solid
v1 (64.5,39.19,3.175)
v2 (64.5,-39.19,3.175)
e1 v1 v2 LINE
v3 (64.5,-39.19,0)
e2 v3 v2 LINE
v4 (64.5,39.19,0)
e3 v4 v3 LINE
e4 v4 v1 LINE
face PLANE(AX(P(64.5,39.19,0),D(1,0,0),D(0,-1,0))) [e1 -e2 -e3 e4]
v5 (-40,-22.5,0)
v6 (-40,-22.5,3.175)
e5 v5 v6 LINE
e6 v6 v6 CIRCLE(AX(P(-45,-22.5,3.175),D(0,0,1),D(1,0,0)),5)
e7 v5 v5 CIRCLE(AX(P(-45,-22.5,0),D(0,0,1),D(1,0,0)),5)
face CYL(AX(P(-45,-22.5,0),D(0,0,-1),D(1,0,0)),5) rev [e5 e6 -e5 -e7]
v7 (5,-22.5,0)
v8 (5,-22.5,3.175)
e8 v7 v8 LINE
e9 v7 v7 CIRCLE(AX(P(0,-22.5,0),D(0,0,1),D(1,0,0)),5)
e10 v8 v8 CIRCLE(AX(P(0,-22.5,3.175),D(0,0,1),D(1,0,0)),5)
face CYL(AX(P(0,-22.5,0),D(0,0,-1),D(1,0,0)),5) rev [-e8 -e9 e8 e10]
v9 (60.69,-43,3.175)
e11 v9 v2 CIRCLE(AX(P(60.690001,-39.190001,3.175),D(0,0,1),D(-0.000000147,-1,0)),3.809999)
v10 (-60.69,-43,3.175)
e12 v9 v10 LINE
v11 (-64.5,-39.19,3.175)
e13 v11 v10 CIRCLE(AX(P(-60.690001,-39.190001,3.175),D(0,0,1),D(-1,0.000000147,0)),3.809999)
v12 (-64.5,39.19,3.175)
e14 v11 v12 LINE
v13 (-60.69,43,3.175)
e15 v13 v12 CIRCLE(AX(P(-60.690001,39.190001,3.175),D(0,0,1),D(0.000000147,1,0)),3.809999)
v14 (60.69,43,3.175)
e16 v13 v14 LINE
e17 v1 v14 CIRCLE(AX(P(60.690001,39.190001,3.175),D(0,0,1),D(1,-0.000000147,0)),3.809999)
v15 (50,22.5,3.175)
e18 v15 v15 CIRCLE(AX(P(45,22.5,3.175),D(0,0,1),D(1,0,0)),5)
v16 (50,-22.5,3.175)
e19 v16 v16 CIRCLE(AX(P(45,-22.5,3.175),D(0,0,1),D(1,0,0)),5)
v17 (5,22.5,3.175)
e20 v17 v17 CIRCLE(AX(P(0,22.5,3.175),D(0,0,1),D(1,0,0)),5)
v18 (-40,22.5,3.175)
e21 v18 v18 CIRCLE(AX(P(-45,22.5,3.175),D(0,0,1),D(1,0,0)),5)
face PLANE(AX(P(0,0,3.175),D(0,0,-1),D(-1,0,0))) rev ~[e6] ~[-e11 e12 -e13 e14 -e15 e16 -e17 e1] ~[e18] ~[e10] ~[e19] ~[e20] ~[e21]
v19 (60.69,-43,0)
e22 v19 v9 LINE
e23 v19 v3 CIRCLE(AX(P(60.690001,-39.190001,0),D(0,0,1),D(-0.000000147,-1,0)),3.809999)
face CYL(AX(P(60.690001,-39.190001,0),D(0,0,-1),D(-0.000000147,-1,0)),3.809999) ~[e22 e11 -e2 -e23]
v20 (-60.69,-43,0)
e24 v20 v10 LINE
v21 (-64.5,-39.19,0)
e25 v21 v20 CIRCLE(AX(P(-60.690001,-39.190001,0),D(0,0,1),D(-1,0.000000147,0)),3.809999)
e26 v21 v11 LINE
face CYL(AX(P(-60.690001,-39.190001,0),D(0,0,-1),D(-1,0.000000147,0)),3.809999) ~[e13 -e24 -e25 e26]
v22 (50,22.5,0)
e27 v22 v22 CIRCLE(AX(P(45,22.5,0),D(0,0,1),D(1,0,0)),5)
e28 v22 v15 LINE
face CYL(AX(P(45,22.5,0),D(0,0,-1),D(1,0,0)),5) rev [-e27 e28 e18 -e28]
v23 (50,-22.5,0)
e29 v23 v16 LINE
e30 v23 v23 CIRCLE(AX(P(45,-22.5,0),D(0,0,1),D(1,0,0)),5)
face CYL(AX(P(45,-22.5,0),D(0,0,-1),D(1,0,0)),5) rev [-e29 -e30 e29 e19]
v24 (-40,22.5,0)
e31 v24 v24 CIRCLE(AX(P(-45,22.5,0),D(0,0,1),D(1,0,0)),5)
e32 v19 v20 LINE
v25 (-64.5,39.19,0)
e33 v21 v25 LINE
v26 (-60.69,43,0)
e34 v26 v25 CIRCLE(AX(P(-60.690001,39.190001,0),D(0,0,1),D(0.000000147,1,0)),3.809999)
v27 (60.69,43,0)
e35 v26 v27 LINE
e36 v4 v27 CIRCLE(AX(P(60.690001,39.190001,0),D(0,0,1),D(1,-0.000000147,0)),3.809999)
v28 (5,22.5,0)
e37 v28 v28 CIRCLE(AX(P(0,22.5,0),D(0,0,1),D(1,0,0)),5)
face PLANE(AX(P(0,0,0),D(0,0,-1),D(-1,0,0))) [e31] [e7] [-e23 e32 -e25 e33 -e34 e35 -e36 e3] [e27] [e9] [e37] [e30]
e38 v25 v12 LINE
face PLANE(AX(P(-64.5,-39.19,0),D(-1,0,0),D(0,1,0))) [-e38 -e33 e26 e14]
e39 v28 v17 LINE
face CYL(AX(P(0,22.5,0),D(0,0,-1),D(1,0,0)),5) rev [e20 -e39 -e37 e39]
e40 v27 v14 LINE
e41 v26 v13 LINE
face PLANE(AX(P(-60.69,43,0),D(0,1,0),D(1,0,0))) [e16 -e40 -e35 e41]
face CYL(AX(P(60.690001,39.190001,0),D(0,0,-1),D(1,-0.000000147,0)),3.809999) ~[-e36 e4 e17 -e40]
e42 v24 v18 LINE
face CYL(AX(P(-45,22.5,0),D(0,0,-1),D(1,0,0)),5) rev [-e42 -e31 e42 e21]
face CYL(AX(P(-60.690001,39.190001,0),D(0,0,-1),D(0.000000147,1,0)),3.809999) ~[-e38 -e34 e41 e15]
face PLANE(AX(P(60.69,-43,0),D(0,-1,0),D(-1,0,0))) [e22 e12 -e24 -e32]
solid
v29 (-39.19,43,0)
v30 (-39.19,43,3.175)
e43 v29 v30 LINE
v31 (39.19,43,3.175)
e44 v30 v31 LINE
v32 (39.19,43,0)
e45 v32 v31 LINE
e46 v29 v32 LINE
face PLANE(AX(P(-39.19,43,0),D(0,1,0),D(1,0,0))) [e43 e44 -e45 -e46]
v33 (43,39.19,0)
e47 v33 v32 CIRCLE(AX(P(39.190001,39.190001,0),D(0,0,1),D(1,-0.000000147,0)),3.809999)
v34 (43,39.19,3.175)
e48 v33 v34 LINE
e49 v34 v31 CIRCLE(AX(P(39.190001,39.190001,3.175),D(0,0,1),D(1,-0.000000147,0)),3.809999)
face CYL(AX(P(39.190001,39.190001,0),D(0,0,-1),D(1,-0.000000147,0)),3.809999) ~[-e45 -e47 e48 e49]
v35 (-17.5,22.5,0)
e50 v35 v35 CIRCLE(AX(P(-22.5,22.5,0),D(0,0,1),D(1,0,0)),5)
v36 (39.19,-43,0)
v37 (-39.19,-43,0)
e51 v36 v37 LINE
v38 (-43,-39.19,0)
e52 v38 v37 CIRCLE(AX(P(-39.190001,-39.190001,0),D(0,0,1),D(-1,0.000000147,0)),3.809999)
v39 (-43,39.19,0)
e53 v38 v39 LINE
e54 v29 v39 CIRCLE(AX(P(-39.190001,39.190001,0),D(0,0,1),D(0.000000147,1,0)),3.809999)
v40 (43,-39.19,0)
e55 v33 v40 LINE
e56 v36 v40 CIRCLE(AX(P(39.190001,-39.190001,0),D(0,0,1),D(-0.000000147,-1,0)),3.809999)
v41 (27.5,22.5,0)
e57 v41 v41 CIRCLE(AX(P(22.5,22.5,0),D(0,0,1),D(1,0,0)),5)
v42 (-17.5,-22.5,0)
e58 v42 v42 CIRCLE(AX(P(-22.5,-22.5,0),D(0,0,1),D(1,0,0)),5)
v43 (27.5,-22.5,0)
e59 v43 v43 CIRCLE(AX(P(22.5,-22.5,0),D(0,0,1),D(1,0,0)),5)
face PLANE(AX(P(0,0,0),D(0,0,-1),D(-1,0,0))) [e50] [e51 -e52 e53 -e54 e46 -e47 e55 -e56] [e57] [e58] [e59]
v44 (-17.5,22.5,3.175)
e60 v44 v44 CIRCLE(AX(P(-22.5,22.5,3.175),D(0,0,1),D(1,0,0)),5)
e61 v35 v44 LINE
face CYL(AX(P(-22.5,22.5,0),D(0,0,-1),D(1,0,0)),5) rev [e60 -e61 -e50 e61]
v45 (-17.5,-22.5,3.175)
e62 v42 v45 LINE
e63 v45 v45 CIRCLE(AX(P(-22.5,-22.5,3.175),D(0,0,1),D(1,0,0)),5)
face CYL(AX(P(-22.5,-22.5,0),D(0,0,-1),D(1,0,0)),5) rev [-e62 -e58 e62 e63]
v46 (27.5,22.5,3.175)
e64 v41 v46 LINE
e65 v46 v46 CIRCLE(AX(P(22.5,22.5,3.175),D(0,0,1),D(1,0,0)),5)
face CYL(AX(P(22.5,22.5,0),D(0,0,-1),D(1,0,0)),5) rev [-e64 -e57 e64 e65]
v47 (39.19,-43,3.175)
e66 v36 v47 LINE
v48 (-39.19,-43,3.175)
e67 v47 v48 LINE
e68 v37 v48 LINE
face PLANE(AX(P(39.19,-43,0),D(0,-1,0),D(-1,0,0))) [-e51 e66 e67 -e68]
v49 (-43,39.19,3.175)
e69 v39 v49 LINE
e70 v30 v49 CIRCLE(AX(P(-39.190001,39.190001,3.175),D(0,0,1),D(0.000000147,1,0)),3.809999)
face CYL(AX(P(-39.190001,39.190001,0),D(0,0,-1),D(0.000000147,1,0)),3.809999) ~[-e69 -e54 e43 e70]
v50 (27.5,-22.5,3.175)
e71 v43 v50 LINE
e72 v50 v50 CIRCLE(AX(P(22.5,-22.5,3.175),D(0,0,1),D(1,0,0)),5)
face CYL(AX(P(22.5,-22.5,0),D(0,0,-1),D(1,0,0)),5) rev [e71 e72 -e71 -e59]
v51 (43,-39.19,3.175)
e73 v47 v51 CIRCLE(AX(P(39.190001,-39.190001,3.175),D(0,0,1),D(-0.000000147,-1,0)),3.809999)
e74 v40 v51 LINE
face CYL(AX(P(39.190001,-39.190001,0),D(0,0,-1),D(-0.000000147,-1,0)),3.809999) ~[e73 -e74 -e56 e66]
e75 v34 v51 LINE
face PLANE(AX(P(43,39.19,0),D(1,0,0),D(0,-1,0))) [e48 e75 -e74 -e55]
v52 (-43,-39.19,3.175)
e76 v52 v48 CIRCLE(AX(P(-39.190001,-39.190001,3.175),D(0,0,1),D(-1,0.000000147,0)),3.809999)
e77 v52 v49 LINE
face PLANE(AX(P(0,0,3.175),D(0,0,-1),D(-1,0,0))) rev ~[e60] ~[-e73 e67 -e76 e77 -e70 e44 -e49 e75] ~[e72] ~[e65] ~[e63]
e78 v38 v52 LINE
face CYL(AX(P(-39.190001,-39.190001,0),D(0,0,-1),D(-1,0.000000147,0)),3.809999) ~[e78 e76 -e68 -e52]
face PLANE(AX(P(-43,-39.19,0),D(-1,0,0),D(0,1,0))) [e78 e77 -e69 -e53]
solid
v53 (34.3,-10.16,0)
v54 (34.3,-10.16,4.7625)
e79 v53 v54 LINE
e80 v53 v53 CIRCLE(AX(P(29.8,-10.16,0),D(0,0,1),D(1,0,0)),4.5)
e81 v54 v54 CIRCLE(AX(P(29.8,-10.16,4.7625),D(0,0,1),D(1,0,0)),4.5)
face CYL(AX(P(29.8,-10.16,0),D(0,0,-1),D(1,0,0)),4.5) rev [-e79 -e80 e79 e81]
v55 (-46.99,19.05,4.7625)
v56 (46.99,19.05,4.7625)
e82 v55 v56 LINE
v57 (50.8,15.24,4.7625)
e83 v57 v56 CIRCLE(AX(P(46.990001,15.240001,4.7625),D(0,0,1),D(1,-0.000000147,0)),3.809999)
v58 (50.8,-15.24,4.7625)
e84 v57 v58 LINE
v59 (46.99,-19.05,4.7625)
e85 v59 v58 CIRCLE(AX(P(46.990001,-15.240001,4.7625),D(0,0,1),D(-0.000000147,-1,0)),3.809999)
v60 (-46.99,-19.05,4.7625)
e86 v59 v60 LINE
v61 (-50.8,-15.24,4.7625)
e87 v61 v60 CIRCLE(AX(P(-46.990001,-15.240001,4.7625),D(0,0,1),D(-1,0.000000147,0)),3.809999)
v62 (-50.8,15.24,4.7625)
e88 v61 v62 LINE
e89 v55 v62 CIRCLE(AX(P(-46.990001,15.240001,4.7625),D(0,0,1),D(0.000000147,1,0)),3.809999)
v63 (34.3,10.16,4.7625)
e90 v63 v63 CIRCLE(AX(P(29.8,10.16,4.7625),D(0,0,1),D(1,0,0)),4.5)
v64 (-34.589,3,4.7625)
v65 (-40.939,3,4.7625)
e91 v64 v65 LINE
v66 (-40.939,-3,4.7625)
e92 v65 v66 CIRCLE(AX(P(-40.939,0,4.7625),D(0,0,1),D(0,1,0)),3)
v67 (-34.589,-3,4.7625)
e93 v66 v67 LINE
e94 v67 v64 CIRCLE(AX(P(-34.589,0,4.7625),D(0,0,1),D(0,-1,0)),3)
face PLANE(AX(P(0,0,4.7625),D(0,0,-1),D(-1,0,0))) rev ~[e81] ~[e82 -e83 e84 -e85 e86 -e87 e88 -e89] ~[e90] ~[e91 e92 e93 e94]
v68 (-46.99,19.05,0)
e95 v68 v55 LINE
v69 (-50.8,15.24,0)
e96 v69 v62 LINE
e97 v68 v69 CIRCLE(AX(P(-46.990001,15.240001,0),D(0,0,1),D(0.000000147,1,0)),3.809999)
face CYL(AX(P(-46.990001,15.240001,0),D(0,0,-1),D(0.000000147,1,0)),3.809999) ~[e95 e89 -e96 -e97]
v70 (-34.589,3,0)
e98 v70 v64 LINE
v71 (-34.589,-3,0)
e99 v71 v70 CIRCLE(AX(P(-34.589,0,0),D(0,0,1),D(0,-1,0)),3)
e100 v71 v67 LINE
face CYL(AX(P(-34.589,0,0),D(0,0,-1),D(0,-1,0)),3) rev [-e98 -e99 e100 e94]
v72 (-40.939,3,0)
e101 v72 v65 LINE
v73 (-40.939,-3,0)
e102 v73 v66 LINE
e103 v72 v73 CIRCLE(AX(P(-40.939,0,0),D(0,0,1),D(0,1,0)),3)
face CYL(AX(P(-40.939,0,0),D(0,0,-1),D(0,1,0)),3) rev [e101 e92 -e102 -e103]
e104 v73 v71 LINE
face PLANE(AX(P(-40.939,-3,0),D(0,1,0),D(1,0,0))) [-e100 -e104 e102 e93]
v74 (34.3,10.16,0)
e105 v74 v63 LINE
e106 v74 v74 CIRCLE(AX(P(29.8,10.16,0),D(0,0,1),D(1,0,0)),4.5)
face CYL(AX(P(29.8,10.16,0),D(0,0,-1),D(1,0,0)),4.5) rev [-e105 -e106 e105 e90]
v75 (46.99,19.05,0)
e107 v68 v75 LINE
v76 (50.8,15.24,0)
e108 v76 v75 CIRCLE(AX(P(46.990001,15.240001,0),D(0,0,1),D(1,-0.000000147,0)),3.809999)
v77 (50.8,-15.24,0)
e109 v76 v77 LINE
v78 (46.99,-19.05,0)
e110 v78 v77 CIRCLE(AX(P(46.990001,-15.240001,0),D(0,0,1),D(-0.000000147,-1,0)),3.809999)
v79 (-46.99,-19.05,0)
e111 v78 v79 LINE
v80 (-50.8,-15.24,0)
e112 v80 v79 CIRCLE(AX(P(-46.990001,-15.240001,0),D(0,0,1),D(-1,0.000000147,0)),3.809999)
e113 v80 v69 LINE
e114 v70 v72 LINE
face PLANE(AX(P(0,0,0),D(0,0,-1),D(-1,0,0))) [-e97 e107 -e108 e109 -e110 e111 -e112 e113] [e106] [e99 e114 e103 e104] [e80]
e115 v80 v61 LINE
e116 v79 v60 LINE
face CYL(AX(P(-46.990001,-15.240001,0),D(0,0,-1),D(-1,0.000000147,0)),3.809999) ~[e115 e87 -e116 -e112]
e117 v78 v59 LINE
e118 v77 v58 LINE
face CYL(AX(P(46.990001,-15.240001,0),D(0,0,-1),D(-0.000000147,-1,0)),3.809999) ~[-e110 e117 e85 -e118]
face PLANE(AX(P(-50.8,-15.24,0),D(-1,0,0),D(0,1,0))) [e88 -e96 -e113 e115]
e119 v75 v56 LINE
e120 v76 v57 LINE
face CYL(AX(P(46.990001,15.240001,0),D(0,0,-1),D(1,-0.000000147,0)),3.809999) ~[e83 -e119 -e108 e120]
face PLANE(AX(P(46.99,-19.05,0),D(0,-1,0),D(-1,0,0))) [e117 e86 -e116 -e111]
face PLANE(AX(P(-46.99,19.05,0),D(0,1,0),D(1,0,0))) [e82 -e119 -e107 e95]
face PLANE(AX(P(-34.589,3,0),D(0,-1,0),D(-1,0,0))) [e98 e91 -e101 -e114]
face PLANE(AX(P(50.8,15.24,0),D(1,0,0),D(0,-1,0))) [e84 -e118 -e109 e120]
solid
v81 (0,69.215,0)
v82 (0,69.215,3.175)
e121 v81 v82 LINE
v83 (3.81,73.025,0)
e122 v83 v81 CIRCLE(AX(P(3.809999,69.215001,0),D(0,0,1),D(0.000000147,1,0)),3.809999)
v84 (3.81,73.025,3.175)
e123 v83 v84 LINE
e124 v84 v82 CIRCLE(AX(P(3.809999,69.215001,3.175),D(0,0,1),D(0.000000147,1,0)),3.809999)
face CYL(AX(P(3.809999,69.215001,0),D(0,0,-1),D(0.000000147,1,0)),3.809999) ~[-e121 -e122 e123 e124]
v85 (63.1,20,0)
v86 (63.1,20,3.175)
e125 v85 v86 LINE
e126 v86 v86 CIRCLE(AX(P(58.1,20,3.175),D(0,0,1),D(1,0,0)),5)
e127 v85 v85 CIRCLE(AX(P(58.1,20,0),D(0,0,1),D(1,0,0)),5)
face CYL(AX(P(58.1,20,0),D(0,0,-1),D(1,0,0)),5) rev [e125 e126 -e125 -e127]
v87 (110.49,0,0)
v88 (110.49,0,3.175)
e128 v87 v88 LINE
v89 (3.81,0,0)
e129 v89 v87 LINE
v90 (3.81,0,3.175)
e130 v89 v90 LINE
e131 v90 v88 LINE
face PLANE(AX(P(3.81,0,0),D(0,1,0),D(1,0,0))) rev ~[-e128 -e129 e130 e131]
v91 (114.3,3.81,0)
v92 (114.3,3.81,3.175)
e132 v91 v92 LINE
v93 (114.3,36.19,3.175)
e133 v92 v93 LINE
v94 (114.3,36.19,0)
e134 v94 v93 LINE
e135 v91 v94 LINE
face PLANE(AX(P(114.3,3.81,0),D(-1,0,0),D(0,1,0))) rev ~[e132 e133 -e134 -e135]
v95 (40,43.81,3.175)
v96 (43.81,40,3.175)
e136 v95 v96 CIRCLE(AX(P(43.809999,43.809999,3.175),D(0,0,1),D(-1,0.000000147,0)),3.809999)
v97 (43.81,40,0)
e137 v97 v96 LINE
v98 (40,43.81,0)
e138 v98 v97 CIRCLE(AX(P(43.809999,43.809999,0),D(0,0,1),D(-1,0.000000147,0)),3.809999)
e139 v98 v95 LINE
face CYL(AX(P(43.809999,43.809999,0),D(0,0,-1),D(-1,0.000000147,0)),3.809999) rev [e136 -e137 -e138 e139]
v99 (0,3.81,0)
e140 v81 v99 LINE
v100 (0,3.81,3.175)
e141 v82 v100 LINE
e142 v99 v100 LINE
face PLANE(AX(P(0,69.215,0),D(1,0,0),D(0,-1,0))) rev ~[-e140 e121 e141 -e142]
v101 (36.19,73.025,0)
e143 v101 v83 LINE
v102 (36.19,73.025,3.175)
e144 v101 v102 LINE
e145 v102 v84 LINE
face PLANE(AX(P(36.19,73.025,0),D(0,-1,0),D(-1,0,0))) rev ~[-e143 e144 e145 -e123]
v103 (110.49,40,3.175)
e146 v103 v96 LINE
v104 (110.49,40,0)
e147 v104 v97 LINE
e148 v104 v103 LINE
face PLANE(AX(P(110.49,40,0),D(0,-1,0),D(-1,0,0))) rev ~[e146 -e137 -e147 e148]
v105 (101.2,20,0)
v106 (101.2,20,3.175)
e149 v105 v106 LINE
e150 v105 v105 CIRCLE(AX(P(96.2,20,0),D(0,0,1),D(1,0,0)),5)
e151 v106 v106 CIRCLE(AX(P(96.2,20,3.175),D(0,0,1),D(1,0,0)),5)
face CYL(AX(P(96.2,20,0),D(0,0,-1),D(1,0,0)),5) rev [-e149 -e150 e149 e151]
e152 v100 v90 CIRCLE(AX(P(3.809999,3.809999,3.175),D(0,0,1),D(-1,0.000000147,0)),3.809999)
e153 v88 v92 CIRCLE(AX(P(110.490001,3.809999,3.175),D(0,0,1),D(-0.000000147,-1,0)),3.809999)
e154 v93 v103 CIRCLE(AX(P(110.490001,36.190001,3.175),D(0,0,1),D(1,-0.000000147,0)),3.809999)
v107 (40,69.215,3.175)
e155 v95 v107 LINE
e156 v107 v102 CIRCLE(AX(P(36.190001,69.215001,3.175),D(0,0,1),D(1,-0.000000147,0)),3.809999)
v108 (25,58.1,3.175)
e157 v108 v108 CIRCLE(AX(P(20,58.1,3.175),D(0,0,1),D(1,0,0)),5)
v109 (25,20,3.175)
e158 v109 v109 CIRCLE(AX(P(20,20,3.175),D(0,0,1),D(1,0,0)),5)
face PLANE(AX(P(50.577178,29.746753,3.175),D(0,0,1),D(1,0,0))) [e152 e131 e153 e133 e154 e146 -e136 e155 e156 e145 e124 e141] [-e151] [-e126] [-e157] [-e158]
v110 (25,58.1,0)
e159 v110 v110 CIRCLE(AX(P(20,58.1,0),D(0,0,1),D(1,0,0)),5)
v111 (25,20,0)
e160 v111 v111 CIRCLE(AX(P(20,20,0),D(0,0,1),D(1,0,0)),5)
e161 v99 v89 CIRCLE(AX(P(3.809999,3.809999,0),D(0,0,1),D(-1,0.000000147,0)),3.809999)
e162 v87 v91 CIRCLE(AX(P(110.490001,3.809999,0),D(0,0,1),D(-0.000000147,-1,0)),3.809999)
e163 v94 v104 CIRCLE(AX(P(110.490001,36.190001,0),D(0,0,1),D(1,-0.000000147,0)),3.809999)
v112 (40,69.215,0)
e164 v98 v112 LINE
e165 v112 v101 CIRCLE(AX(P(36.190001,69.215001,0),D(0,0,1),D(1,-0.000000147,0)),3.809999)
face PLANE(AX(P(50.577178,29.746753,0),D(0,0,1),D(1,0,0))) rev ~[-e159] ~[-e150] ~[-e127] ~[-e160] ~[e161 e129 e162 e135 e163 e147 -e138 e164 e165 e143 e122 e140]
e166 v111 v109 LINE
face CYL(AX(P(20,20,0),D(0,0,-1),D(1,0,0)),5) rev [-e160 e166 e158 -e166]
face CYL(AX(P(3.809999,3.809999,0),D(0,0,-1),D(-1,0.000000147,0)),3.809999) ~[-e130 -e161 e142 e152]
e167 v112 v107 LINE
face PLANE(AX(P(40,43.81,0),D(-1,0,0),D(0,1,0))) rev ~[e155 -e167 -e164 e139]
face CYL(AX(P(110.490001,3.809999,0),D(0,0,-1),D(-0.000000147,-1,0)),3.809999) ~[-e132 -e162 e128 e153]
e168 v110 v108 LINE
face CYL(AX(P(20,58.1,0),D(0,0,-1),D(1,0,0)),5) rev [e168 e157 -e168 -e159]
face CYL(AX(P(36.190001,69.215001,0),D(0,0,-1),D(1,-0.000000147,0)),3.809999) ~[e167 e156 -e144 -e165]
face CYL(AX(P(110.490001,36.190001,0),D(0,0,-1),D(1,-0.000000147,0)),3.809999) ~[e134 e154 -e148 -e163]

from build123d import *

# Parameters (mm, degrees)
SKETCH_R     = 5
PAD_DEPTH    = 3.175
SKETCH001_R  = 5
PAD001_DEPTH = 3.175
SKETCH002_R  = 5
PAD002_DEPTH = 3.175
SKETCH003_R  = 4.5
PAD003_DEPTH = 4.7625


with BuildPart() as f_4_hole_plate:
    # Sketch → Pad (new body)
    with BuildSketch(Plane.XY):
        with BuildLine():
            Line((-39.19, 43), (39.19, 43))
            ThreePointArc((43, 39.19), (41.884077, 41.884077), (39.19, 43))
            Line((43, 39.19), (43, -39.19))
            ThreePointArc((39.19, -43), (41.884077, -41.884077), (43, -39.19))
            Line((39.19, -43), (-39.19, -43))
            ThreePointArc((-43, -39.19), (-41.884077, -41.884077), (-39.19, -43))
            Line((-43, -39.19), (-43, 39.19))
            ThreePointArc((-39.19, 43), (-41.884077, 41.884077), (-43, 39.19))
        make_face()
        with Locations((-22.5, 22.5)):
            Circle(SKETCH_R, mode=Mode.SUBTRACT)
        with Locations((22.5, 22.5)):
            Circle(SKETCH_R, mode=Mode.SUBTRACT)
        with Locations((22.5, -22.5)):
            Circle(SKETCH_R, mode=Mode.SUBTRACT)
        with Locations((-22.5, -22.5)):
            Circle(SKETCH_R, mode=Mode.SUBTRACT)
    extrude(amount=PAD_DEPTH)


with BuildPart() as l_bracket:
    # Sketch001 → Pad001 (new body)
    with BuildSketch(Plane.XY):
        with BuildLine():
            Line((0, 69.215), (0, 3.81))
            ThreePointArc((0, 3.81), (1.115923, 1.115923), (3.81, 0))
            Line((3.81, 0), (110.49, 0))
            ThreePointArc((110.49, 0), (113.184077, 1.115923), (114.3, 3.81))
            Line((114.3, 3.81), (114.3, 36.19))
            ThreePointArc((114.3, 36.19), (113.184077, 38.884077), (110.49, 40))
            Line((110.49, 40), (43.81, 40))
            ThreePointArc((40, 43.81), (41.115923, 41.115923), (43.81, 40))
            Line((40, 43.81), (40, 69.215))
            ThreePointArc((40, 69.215), (38.884077, 71.909077), (36.19, 73.025))
            Line((36.19, 73.025), (3.81, 73.025))
            ThreePointArc((3.81, 73.025), (1.115923, 71.909077), (0, 69.215))
        make_face()
        with Locations((20, 58.1)):
            Circle(SKETCH001_R, mode=Mode.SUBTRACT)
        with Locations((20, 20)):
            Circle(SKETCH001_R, mode=Mode.SUBTRACT)
        with Locations((58.1, 20)):
            Circle(SKETCH001_R, mode=Mode.SUBTRACT)
        with Locations((96.2, 20)):
            Circle(SKETCH001_R, mode=Mode.SUBTRACT)
    extrude(amount=PAD001_DEPTH)


with BuildPart() as f_6_hole_plate002:
    # Sketch002 → Pad002 (new body)
    with BuildSketch(Plane.XY):
        with BuildLine():
            Line((-60.69, 43), (60.69, 43))
            ThreePointArc((64.5, 39.19), (63.384077, 41.884077), (60.69, 43))
            Line((64.5, 39.19), (64.5, -39.19))
            ThreePointArc((60.69, -43), (63.384077, -41.884077), (64.5, -39.19))
            Line((60.69, -43), (-60.69, -43))
            ThreePointArc((-64.5, -39.19), (-63.384077, -41.884077), (-60.69, -43))
            Line((-64.5, -39.19), (-64.5, 39.19))
            ThreePointArc((-60.69, 43), (-63.384077, 41.884077), (-64.5, 39.19))
        make_face()
        with Locations((-45, 22.5)):
            Circle(SKETCH002_R, mode=Mode.SUBTRACT)
        with Locations((0, 22.5)):
            Circle(SKETCH002_R, mode=Mode.SUBTRACT)
        with Locations((0, -22.5)):
            Circle(SKETCH002_R, mode=Mode.SUBTRACT)
        with Locations((-45, -22.5)):
            Circle(SKETCH002_R, mode=Mode.SUBTRACT)
        with Locations((45, 22.5)):
            Circle(SKETCH002_R, mode=Mode.SUBTRACT)
        with Locations((45, -22.5)):
            Circle(SKETCH002_R, mode=Mode.SUBTRACT)
    extrude(amount=PAD002_DEPTH)


with BuildPart() as window_trolley_bracket:
    # Sketch003 → Pad003 (new body)
    with BuildSketch(Plane.XY):
        with BuildLine():
            Line((-46.99, 19.05), (46.99, 19.05))
            ThreePointArc((50.8, 15.24), (49.684077, 17.934077), (46.99, 19.05))
            Line((50.8, 15.24), (50.8, -15.24))
            ThreePointArc((46.99, -19.05), (49.684077, -17.934077), (50.8, -15.24))
            Line((46.99, -19.05), (-46.99, -19.05))
            ThreePointArc((-50.8, -15.24), (-49.684077, -17.934077), (-46.99, -19.05))
            Line((-50.8, -15.24), (-50.8, 15.24))
            ThreePointArc((-46.99, 19.05), (-49.684077, 17.934077), (-50.8, 15.24))
        make_face()
        with Locations((29.8, 10.16)):
            Circle(SKETCH003_R, mode=Mode.SUBTRACT)
        with Locations((29.8, -10.16)):
            Circle(SKETCH003_R, mode=Mode.SUBTRACT)
        with BuildLine():
            ThreePointArc((-40.939, 3), (-43.939, 0), (-40.939, -3))
            Line((-40.939, -3), (-34.589, -3))
            ThreePointArc((-34.589, -3), (-31.589, 0), (-34.589, 3))
            Line((-34.589, 3), (-40.939, 3))
        make_face(mode=Mode.SUBTRACT)
    extrude(amount=PAD003_DEPTH)


solid = Compound([f_4_hole_plate.part, l_bracket.part, f_6_hole_plate002.part, window_trolley_bracket.part])
